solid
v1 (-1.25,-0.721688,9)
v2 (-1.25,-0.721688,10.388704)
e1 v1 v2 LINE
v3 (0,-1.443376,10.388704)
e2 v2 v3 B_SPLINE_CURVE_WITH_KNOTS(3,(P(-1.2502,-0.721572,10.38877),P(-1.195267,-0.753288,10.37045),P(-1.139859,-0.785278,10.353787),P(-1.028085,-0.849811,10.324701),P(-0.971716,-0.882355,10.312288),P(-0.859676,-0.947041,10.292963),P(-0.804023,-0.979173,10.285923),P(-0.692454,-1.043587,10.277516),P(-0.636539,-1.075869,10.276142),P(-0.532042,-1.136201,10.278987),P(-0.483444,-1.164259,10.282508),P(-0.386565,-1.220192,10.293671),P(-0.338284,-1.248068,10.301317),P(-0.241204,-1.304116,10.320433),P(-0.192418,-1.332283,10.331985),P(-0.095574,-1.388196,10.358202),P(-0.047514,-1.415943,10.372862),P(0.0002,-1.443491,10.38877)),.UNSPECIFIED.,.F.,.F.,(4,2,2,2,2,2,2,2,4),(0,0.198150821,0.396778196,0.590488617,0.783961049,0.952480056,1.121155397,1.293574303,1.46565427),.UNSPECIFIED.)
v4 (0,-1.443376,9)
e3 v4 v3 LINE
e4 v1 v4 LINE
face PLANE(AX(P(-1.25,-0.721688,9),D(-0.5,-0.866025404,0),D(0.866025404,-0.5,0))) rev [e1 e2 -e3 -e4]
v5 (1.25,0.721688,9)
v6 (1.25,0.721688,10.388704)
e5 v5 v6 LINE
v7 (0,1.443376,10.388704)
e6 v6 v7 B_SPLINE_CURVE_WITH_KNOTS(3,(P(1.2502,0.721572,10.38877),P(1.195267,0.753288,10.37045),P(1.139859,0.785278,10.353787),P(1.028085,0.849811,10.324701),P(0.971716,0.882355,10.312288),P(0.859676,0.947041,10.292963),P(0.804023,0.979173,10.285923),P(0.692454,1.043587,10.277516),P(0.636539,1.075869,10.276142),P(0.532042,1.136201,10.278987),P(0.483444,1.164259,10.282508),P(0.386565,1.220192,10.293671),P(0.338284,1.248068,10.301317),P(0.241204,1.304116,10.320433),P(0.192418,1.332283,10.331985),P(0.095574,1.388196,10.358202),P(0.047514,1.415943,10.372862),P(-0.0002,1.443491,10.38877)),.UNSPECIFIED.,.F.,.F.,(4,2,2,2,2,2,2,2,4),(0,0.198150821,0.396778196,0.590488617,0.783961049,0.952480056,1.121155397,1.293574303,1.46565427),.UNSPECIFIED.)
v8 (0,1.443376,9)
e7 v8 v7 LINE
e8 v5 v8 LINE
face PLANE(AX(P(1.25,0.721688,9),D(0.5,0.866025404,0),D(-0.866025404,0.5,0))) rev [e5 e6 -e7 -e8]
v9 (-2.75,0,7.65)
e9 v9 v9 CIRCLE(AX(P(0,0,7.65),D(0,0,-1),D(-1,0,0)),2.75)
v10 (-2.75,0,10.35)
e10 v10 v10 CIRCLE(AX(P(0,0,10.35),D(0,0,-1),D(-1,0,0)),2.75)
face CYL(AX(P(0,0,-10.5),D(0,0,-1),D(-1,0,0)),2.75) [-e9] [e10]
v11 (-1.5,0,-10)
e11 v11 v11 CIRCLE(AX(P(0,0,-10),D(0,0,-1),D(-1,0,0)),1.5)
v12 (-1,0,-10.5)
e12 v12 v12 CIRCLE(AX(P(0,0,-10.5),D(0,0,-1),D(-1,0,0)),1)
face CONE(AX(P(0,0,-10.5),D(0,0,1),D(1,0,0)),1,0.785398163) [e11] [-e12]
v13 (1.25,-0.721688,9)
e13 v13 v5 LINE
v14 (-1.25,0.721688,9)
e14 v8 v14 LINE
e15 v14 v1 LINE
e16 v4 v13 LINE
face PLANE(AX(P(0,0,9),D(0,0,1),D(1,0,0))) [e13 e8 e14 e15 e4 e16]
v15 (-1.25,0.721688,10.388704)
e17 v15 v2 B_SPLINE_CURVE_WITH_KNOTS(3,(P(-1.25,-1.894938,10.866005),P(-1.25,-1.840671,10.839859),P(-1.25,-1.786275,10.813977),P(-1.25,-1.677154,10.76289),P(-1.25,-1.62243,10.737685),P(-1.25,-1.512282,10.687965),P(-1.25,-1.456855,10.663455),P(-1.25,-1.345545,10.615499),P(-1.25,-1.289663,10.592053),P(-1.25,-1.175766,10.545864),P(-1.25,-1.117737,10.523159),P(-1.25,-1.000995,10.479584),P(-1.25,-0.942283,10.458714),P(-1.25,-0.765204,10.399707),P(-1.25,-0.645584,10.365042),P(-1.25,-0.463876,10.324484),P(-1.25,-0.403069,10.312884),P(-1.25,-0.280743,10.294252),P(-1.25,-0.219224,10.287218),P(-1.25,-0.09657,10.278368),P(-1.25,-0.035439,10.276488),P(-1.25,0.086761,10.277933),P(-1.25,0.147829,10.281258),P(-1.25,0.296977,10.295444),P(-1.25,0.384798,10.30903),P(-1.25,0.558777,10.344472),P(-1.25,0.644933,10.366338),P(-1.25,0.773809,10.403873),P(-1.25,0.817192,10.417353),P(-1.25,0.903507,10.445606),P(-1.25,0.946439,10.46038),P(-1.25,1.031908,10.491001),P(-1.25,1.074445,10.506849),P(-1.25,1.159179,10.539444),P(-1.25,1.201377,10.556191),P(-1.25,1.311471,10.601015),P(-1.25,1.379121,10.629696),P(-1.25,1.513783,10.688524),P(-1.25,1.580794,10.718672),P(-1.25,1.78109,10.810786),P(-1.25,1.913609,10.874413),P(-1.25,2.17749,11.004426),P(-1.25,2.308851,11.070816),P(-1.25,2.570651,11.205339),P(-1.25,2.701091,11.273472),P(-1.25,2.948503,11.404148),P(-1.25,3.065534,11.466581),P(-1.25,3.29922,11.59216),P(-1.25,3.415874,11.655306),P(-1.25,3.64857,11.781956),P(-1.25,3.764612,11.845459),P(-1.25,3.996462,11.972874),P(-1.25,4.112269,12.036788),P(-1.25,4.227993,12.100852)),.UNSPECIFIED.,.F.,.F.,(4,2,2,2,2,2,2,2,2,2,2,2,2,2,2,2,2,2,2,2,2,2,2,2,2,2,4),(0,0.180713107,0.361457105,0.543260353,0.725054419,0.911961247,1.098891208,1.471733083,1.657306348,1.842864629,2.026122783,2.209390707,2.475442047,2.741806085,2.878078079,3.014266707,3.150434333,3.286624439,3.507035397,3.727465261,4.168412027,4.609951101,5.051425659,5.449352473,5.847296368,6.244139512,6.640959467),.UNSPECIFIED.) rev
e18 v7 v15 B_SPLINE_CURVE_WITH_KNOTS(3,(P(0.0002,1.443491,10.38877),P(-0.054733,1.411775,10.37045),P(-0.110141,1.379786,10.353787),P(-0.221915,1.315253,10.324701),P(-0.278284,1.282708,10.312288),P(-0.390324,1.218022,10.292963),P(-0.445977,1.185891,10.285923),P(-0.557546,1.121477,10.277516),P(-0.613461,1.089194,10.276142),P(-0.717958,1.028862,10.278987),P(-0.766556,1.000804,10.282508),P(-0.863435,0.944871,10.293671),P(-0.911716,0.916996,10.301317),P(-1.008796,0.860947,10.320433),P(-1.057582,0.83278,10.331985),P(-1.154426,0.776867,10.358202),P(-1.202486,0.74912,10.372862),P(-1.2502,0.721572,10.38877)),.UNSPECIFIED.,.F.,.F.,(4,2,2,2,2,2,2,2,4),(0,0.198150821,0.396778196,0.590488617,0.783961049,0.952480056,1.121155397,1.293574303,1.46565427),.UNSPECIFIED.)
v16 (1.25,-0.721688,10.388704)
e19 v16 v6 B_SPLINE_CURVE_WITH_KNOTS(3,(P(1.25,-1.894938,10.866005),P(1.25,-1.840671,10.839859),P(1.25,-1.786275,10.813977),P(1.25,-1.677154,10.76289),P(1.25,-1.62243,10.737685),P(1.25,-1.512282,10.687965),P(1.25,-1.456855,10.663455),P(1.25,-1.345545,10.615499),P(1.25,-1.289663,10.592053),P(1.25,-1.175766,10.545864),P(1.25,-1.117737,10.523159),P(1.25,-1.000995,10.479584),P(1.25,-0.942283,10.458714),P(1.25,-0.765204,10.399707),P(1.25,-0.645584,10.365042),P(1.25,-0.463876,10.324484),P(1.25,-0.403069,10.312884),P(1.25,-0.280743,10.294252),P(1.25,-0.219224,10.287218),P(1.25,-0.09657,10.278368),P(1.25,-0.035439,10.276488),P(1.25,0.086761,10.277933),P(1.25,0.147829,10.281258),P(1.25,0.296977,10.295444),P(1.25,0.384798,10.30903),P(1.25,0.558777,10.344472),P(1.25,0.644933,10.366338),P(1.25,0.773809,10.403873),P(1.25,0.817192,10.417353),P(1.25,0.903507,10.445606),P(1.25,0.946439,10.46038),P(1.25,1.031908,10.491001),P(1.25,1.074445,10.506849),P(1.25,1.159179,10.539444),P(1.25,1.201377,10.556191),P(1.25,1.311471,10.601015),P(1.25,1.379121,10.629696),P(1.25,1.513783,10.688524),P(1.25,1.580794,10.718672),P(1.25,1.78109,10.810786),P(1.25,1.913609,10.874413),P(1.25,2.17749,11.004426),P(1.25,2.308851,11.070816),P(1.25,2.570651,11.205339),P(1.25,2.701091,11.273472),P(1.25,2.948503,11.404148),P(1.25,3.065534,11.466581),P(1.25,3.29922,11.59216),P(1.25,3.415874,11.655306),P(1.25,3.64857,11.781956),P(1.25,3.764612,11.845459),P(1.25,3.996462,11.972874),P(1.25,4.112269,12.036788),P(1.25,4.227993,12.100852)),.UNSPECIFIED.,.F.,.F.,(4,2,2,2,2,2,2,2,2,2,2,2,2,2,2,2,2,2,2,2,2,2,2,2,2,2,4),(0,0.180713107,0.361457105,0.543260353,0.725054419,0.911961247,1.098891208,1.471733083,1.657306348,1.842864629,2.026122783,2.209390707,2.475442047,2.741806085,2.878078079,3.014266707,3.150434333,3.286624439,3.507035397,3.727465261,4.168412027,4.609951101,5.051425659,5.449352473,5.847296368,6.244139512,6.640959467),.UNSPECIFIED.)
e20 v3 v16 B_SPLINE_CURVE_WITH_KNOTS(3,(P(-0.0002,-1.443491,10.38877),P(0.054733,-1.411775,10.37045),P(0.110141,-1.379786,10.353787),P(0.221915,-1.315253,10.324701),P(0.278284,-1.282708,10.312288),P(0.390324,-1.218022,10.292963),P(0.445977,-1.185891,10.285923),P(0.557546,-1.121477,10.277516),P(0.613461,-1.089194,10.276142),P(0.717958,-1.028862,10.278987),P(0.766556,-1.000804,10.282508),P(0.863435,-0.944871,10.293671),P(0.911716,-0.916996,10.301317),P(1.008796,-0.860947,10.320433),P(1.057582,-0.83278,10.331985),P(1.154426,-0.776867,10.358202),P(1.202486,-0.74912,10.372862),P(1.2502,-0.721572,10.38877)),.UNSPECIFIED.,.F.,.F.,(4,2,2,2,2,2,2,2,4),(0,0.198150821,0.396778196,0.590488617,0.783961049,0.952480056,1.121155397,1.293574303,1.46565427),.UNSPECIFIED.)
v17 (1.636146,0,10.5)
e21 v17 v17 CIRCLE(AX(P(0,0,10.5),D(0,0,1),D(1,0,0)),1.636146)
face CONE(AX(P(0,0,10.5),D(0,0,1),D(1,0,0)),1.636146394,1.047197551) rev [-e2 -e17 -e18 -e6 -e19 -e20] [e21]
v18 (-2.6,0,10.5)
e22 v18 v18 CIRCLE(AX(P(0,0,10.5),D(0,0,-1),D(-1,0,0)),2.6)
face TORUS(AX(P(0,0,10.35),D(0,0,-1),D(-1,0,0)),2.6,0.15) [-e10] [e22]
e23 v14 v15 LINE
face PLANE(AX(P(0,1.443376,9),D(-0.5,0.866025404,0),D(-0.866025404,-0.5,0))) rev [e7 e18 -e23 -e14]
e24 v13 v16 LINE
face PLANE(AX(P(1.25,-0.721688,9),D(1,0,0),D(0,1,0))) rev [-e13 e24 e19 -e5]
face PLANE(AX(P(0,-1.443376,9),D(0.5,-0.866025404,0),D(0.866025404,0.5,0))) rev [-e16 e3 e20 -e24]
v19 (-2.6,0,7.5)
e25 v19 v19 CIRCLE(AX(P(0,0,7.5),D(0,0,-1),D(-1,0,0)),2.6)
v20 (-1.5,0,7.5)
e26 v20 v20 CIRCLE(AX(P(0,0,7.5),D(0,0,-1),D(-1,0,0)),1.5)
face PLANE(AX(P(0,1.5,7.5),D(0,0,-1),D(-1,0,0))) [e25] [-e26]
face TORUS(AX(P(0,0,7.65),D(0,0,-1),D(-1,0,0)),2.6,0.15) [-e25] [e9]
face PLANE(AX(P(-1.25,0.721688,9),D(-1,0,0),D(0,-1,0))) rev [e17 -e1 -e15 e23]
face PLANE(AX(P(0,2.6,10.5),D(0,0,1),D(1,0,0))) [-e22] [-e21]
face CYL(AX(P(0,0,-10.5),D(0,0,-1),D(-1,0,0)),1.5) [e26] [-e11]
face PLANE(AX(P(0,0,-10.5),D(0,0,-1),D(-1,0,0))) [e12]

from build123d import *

# Parameters (mm, degrees)
CUT_EXTRUDE1_START = 10.5
CUT_EXTRUDE1_DEPTH = 1.5


with BuildPart() as part:
    # Sketch2 → Revolve1 (revolve)
    with BuildSketch(Plane(origin=(0, 0, 0), x_dir=(0, 0, -1), z_dir=(1, 0, 0)), mode=Mode.PRIVATE) as revolve1_sk:
        with BuildLine():
            Line((10.5, 0), (10.5, 1))
            Line((10.5, 1), (10, 1.5))
            Line((10, 1.5), (-7.5, 1.5))
            Line((-7.5, 1.5), (-7.5, 2.6))
            ThreePointArc((-7.5, 2.6), (-7.543933983, 2.706066017), (-7.65, 2.75))
            Line((-7.65, 2.75), (-10.35, 2.75))
            ThreePointArc((-10.35, 2.75), (-10.456066017, 2.706066017), (-10.5, 2.6))
            Line((-10.5, 2.6), (-10.5, 0))
            Line((-10.5, 0), (10.5, 0))
        make_face()
    revolve(revolve1_sk.sketch.rotate(Axis((0, 0, -10.5), (0, 0, 1)), 90), axis=Axis((0, 0, -10.5), (0, 0, 1)))

    # Sketch3 → Cut-Extrude1 (cut)
    with BuildSketch(Plane.XY.offset(CUT_EXTRUDE1_START)):
        Polygon((-1.25, 0.721687836), (-1.25, -0.721687836), (0, -1.443375673), (1.25, -0.721687836), (1.25, 0.721687836), (0, 1.443375673), align=None)
    extrude(amount=-CUT_EXTRUDE1_DEPTH, mode=Mode.SUBTRACT)

    # Cut-Extrude2 cone 1 section (through the dimple's axis) → Cut-Extrude2 (revolve, cut)
    with BuildSketch(Plane(origin=(0, 0, 10.5), x_dir=(0, -1, 0), z_dir=(1, 0, 0))):
        Polygon((0, 0), (1.636146394, 0), (0, 0.944629561), align=None)
    revolve(axis=Axis((0, 0, 10.5), (0, 0, -1)), mode=Mode.SUBTRACT)


solid = part.part
